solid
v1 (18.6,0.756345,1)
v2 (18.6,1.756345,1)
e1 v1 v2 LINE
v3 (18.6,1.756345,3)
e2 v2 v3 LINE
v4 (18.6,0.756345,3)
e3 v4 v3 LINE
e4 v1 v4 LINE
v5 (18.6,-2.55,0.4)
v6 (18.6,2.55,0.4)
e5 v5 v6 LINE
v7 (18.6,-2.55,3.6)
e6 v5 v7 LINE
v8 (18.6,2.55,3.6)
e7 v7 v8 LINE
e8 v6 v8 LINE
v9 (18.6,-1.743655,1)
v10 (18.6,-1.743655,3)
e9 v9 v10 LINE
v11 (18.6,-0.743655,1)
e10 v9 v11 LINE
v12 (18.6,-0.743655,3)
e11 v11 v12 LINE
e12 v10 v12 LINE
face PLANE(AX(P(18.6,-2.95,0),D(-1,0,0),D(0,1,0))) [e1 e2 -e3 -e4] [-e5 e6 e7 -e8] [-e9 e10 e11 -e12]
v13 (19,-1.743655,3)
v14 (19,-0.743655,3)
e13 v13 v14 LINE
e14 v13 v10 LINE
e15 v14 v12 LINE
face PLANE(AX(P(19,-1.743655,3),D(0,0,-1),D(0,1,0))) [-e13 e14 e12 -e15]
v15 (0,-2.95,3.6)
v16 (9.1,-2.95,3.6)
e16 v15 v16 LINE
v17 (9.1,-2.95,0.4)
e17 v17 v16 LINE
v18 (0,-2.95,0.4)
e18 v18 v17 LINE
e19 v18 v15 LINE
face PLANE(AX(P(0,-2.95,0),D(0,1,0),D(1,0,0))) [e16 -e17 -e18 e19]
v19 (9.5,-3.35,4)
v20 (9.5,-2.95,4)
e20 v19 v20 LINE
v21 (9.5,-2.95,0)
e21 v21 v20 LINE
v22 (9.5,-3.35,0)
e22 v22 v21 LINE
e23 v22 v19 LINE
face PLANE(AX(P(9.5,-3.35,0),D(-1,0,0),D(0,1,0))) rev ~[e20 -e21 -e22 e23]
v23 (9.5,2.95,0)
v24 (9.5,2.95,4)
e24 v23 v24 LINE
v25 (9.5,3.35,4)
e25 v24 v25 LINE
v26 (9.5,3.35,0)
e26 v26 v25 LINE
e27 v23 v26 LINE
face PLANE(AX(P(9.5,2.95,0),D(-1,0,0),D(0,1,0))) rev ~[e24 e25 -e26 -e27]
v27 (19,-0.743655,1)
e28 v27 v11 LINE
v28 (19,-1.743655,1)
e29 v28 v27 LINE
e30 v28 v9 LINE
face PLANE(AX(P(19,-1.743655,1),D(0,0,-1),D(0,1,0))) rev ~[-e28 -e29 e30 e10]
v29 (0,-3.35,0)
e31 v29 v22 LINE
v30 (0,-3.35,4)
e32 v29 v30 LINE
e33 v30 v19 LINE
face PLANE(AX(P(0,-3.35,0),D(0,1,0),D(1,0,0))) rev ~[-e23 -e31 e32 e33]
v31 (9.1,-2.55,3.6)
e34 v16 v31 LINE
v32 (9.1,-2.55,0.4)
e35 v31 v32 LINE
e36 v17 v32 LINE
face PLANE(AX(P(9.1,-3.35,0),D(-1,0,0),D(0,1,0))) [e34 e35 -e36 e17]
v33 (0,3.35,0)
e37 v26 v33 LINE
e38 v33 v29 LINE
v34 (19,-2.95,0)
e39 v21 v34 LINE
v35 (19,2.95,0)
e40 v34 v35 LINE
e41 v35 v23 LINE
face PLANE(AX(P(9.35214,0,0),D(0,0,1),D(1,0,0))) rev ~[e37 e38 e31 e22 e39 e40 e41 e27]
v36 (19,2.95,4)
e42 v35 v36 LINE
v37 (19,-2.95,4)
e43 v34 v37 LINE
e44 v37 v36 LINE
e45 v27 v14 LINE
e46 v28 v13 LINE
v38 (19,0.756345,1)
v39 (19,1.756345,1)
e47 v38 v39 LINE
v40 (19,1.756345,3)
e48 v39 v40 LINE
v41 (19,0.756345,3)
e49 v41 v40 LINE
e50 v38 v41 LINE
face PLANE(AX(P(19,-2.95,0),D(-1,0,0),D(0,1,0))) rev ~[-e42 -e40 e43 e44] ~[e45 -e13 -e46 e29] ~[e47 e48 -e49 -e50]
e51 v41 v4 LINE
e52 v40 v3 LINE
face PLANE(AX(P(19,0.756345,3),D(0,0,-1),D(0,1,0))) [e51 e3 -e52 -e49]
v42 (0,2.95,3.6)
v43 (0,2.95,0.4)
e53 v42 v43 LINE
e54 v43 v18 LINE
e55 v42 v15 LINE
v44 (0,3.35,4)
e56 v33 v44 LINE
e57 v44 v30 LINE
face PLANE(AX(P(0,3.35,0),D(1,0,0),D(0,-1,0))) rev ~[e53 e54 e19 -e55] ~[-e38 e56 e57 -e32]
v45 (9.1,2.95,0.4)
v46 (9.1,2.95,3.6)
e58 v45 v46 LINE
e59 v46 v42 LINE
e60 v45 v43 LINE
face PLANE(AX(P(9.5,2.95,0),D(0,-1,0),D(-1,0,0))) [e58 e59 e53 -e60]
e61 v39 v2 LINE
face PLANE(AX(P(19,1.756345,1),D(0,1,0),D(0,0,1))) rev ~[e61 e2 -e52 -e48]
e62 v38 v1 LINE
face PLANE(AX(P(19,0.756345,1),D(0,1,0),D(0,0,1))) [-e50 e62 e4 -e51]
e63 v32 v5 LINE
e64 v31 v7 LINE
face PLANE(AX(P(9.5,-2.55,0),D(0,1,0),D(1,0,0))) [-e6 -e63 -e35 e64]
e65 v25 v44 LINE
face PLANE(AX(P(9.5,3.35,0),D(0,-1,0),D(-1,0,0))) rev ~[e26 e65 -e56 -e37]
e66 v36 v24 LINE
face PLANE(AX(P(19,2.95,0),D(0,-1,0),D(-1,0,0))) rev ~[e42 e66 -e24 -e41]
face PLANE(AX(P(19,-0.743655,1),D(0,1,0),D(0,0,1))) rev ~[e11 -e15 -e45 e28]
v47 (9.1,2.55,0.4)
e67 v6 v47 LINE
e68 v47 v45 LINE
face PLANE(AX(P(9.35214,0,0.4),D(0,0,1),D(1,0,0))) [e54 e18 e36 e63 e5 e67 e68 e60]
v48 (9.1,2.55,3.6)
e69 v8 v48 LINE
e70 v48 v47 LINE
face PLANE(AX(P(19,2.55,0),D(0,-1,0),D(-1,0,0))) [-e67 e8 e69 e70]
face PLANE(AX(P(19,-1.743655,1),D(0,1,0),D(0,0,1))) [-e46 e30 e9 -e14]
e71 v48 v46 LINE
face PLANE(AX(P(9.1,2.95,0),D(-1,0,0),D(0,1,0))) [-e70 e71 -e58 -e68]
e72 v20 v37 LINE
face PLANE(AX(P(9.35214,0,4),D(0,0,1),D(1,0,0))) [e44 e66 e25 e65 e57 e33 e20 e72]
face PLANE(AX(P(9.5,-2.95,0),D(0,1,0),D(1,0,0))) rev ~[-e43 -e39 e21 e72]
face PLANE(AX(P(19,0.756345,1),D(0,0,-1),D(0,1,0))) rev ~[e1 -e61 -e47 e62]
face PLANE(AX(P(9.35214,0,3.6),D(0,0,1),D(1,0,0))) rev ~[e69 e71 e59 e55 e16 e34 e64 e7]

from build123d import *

# Parameters (mm, degrees)
F1_DEPTH = 4
F2_T     = -0.4
F3_W     = 1
F3_H     = 2
F4_DEPTH = 0.4


with BuildPart() as f1:
    # F0 (on Top) → F1 (new body)
    with BuildSketch(Plane.XY):
        Polygon((0, 3.35), (0, -3.35), (9.5, -3.35), (9.5, -2.95), (19, -2.95), (19, 2.95), (9.5, 2.95), (9.5, 3.35), align=None)
    extrude(amount=F1_DEPTH)

    # F2
    f2_openings = [f1.faces().sort_by_distance(p)[0] for p in [
        (0, 0, 2),
    ]]
    offset(amount=F2_T, openings=f2_openings, kind=Kind.INTERSECTION)

    # F3 (on face) → F4 (cut, through all)
    with BuildSketch(Plane.YZ.offset(19)):
        with Locations((-1.2436551969, 2)):
            Rectangle(F3_W, F3_H)
        with Locations((1.2563448031, 2)):
            Rectangle(F3_W, F3_H)
    extrude(amount=-F4_DEPTH, mode=Mode.SUBTRACT)


solid = f1.part
